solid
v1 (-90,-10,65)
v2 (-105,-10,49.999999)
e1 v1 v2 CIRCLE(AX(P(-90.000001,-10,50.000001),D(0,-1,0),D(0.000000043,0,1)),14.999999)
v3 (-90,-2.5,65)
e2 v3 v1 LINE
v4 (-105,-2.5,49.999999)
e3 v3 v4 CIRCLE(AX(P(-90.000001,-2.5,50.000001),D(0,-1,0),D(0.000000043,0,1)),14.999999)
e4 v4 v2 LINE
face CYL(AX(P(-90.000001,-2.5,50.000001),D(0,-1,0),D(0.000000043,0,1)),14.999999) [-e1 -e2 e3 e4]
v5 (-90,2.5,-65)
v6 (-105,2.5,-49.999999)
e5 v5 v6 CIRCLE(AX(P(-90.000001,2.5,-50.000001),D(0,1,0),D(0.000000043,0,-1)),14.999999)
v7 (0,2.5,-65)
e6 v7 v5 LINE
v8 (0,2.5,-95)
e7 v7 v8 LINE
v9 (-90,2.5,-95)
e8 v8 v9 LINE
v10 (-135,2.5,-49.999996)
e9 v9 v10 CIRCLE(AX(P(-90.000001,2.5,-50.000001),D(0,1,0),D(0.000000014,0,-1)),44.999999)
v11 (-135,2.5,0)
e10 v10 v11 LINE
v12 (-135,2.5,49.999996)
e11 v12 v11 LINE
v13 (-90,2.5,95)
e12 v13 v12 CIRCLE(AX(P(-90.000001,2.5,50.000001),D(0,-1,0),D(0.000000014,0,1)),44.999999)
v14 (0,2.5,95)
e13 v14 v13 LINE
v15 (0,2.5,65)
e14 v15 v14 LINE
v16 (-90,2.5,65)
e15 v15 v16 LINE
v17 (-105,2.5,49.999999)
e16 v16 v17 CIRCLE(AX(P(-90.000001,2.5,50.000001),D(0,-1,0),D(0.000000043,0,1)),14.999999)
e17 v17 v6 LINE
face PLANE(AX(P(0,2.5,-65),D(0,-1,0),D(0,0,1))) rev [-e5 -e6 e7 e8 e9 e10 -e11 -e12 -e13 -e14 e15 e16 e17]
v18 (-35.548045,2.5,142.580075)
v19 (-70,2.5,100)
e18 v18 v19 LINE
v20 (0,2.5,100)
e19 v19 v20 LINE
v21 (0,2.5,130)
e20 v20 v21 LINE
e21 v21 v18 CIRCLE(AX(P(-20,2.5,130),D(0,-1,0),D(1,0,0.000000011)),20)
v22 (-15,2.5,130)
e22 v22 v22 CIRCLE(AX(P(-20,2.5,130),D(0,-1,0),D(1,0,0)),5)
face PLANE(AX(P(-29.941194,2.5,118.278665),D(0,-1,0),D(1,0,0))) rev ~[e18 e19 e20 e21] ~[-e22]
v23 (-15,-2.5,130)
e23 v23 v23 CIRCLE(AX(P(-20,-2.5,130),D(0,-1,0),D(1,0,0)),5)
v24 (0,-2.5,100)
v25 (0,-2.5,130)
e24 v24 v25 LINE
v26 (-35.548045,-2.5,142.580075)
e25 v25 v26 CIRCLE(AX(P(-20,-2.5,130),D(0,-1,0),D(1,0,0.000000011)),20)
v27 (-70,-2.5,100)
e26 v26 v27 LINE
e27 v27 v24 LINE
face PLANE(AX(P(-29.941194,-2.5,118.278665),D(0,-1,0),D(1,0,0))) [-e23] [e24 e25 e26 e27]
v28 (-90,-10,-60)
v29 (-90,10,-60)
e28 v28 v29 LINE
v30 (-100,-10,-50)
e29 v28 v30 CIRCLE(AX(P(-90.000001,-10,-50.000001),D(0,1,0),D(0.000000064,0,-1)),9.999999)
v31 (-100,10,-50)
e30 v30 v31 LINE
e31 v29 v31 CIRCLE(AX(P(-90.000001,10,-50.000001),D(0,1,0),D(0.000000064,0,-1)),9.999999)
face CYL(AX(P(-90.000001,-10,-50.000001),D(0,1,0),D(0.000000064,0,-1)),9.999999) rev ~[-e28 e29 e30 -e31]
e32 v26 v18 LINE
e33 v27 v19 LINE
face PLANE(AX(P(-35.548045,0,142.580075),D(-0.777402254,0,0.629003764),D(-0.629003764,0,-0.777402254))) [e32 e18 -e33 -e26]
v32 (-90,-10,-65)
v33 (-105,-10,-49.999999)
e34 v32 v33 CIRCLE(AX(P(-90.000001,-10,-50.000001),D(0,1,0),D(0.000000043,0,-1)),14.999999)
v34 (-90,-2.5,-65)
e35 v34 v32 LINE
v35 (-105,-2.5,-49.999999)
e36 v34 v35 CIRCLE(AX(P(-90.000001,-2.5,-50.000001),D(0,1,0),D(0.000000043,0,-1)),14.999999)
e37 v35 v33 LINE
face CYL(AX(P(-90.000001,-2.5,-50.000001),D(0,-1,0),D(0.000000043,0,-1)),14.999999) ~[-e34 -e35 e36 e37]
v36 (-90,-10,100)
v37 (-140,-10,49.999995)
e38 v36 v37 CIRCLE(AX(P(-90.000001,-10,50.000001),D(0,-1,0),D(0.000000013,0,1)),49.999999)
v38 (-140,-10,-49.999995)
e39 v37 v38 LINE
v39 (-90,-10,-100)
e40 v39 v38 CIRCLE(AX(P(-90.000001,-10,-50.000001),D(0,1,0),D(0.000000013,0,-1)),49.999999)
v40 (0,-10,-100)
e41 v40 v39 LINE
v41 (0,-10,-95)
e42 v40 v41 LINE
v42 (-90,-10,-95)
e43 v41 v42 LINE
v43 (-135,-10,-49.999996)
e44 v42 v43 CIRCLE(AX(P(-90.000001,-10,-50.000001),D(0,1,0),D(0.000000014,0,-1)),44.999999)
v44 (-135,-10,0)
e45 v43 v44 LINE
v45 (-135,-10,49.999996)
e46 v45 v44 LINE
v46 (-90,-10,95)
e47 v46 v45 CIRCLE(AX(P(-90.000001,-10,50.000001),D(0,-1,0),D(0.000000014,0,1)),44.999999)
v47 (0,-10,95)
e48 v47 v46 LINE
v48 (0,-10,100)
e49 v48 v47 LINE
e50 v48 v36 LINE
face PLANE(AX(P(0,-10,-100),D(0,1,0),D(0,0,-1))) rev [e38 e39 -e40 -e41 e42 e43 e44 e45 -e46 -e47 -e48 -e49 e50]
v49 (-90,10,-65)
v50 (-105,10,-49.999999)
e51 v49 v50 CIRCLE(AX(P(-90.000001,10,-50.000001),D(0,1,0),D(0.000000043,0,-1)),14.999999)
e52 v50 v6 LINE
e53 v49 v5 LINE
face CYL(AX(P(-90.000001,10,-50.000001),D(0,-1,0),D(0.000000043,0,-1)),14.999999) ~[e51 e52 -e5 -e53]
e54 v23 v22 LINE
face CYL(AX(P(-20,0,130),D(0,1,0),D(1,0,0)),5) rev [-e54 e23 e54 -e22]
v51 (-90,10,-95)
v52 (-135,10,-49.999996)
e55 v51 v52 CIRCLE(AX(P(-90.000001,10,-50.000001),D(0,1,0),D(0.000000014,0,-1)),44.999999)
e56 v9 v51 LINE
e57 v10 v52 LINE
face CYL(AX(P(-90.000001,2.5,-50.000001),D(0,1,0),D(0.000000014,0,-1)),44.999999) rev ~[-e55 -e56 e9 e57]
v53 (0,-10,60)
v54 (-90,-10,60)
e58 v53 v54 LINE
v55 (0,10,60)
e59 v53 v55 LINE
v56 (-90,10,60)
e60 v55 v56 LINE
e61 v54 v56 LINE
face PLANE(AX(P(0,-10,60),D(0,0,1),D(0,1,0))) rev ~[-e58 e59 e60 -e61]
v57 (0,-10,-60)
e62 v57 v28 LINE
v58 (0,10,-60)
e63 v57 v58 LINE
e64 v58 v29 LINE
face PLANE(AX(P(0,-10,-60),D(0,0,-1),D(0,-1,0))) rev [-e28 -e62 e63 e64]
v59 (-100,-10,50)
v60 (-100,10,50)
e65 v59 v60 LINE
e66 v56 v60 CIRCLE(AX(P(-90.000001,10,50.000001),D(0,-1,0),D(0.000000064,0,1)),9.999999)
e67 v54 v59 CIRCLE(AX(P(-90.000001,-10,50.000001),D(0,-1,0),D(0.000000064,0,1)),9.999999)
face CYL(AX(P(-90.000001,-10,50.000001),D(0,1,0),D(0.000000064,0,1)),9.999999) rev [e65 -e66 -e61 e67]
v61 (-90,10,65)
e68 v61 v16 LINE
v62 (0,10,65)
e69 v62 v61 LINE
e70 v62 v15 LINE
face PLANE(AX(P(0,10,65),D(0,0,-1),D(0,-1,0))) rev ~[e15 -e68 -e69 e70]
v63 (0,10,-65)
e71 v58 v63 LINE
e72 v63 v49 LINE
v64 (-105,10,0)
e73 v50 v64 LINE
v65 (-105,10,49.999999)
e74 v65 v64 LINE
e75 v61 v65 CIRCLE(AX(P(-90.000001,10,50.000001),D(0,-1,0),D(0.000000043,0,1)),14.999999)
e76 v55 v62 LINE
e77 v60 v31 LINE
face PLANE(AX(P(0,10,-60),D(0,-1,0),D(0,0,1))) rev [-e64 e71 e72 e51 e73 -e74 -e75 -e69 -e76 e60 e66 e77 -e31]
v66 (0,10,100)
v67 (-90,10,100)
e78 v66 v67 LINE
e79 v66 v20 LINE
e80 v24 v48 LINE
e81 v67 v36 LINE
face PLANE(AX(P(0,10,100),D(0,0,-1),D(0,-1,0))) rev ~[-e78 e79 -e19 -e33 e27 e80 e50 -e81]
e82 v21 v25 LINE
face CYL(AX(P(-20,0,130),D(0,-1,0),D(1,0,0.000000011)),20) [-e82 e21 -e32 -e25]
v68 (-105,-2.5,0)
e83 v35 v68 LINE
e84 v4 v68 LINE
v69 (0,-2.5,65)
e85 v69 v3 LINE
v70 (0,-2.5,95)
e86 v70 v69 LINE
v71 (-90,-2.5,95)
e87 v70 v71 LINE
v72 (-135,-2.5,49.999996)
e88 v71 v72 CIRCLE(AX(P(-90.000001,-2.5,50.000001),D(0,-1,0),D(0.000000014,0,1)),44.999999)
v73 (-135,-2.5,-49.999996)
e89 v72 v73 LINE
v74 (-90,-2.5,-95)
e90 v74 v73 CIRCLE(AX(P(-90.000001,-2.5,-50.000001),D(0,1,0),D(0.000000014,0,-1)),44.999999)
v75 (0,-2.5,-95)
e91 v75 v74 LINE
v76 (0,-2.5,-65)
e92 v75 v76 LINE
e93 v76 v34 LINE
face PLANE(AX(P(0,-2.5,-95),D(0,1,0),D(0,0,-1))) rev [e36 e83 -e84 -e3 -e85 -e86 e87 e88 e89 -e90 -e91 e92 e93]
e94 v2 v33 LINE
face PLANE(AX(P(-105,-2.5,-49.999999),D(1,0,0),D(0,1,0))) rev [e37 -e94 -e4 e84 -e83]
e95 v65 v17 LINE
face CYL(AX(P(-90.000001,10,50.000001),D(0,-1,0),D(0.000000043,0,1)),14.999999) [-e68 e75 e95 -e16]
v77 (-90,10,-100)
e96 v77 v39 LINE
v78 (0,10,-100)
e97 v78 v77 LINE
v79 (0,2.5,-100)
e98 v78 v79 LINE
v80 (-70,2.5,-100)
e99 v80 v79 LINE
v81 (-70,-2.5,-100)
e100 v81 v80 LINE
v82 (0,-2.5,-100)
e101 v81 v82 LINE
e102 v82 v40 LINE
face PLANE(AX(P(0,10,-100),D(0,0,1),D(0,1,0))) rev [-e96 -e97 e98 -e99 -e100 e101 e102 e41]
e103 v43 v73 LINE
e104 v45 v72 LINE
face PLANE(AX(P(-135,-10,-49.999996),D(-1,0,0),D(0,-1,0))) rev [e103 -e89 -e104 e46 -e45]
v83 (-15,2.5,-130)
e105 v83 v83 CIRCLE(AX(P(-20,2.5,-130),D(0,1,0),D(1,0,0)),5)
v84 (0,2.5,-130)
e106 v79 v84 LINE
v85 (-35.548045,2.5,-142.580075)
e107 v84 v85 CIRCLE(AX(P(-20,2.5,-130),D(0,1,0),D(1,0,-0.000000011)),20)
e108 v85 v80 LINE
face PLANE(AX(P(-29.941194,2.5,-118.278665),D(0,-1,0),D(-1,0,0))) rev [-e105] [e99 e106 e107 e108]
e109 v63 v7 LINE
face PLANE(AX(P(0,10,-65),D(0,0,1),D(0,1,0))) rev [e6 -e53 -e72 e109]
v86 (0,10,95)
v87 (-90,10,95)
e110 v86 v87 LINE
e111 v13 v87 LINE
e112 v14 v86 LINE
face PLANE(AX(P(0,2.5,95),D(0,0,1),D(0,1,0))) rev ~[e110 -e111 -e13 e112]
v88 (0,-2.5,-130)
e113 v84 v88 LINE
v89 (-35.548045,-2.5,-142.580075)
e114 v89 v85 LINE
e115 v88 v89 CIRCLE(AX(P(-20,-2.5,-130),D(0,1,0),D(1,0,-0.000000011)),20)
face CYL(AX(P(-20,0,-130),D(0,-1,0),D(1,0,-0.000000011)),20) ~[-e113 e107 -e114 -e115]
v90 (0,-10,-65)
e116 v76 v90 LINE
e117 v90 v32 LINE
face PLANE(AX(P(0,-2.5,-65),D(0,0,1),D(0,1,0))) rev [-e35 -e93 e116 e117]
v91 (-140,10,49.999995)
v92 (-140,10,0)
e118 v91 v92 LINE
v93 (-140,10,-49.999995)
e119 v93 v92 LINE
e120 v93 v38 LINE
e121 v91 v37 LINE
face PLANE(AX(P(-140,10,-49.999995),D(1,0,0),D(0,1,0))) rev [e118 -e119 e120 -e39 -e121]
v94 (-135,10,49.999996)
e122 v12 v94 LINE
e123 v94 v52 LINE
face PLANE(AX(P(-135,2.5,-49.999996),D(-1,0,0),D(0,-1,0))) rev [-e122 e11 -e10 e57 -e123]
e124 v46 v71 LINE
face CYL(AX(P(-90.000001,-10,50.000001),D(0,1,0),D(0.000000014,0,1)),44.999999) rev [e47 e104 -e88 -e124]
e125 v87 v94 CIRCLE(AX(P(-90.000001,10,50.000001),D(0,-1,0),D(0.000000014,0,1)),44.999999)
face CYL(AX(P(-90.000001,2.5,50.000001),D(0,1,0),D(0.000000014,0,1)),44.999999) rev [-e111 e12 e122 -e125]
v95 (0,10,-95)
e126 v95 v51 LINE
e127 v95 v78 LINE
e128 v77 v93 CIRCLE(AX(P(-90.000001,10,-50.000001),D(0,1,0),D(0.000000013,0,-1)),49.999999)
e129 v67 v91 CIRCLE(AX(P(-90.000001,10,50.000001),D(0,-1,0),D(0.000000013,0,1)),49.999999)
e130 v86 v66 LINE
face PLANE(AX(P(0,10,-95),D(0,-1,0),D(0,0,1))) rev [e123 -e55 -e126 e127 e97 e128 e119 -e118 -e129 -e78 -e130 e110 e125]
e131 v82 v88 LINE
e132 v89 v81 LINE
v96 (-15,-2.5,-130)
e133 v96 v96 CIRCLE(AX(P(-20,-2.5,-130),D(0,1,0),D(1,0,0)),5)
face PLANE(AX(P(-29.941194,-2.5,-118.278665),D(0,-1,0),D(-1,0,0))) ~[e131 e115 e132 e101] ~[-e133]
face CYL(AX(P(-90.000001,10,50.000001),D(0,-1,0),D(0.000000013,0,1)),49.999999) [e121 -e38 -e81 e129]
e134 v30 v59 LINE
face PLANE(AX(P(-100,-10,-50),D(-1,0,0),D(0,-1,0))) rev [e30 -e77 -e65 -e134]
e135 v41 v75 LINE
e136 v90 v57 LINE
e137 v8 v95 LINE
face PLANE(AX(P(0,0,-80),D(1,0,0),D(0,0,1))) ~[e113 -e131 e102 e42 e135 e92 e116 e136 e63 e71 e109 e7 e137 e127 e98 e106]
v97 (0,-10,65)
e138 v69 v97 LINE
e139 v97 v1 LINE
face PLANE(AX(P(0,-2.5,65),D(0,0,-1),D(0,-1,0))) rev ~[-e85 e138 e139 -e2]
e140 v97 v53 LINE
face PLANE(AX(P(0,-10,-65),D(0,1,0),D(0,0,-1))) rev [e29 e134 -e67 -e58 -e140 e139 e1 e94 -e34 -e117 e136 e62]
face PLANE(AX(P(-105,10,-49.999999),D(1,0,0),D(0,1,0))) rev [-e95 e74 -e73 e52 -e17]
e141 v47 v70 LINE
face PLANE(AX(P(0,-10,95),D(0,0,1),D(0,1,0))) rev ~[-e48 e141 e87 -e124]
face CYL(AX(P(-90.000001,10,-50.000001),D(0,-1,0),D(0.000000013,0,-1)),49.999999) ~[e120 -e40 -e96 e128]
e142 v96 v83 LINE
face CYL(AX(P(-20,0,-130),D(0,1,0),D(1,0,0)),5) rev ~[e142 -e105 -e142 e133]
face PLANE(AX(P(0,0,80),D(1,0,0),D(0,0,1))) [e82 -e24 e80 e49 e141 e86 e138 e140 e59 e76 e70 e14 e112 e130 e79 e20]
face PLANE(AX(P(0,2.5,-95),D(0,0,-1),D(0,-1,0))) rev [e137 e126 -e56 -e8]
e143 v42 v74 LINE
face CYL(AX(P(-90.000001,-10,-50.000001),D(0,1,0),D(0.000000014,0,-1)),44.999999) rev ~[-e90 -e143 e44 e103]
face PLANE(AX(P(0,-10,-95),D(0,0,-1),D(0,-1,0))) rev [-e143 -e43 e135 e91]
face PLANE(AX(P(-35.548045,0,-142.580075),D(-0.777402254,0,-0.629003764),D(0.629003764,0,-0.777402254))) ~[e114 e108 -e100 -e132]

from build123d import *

# Parameters (mm, degrees)
F4_R     = 5
F5_DEPTH = 2.5


with BuildPart() as f2:
    # F2: sweep along a path in F0
    with BuildLine(Plane.XZ) as f2_path:
        Line((0, 60), (-90, 60))
        ThreePointArc((-90, 60), (-97.071068, 57.071068), (-100, 50))
        Line((-100, 50), (-100, 0))
    # F1 (on Right) → F2 (sweep)
    with BuildSketch(Plane.YZ):
        Polygon((-10, 60), (0, 60), (10, 60), (10, 65), (2.5, 65), (2.5, 95), (10, 95), (10, 100), (0, 100), (-10, 100), (-10, 95), (-2.5, 95), (-2.5, 65), (-10, 65), align=None)
    sweep(path=f2_path.line)

    # F3: F2 across plane


with BuildPart() as f2_1:
    add(f2.part)
    add(f2.part.mirror(Plane.XY))

    # F4 (on Front) → F5 (join, symmetric)
    with BuildSketch(Plane.XZ):
        with BuildLine():
            Line((-70, 100), (0, 100))
            Line((0, 100), (0, 130))
            ThreePointArc((0, 130), (-13.327703, 148.854189), (-35.548045, 142.580075))
            Line((-35.548045, 142.580075), (-70, 100))
        make_face()
        with Locations((-20, 130)):
            Circle(F4_R, mode=Mode.SUBTRACT)
    extrude(amount=F5_DEPTH, both=True)

    # F6: F2 across plane


with BuildPart() as f2_2:
    add(f2_1.part)
    add(f2_1.part.mirror(Plane.XY))


solid = f2_2.part
